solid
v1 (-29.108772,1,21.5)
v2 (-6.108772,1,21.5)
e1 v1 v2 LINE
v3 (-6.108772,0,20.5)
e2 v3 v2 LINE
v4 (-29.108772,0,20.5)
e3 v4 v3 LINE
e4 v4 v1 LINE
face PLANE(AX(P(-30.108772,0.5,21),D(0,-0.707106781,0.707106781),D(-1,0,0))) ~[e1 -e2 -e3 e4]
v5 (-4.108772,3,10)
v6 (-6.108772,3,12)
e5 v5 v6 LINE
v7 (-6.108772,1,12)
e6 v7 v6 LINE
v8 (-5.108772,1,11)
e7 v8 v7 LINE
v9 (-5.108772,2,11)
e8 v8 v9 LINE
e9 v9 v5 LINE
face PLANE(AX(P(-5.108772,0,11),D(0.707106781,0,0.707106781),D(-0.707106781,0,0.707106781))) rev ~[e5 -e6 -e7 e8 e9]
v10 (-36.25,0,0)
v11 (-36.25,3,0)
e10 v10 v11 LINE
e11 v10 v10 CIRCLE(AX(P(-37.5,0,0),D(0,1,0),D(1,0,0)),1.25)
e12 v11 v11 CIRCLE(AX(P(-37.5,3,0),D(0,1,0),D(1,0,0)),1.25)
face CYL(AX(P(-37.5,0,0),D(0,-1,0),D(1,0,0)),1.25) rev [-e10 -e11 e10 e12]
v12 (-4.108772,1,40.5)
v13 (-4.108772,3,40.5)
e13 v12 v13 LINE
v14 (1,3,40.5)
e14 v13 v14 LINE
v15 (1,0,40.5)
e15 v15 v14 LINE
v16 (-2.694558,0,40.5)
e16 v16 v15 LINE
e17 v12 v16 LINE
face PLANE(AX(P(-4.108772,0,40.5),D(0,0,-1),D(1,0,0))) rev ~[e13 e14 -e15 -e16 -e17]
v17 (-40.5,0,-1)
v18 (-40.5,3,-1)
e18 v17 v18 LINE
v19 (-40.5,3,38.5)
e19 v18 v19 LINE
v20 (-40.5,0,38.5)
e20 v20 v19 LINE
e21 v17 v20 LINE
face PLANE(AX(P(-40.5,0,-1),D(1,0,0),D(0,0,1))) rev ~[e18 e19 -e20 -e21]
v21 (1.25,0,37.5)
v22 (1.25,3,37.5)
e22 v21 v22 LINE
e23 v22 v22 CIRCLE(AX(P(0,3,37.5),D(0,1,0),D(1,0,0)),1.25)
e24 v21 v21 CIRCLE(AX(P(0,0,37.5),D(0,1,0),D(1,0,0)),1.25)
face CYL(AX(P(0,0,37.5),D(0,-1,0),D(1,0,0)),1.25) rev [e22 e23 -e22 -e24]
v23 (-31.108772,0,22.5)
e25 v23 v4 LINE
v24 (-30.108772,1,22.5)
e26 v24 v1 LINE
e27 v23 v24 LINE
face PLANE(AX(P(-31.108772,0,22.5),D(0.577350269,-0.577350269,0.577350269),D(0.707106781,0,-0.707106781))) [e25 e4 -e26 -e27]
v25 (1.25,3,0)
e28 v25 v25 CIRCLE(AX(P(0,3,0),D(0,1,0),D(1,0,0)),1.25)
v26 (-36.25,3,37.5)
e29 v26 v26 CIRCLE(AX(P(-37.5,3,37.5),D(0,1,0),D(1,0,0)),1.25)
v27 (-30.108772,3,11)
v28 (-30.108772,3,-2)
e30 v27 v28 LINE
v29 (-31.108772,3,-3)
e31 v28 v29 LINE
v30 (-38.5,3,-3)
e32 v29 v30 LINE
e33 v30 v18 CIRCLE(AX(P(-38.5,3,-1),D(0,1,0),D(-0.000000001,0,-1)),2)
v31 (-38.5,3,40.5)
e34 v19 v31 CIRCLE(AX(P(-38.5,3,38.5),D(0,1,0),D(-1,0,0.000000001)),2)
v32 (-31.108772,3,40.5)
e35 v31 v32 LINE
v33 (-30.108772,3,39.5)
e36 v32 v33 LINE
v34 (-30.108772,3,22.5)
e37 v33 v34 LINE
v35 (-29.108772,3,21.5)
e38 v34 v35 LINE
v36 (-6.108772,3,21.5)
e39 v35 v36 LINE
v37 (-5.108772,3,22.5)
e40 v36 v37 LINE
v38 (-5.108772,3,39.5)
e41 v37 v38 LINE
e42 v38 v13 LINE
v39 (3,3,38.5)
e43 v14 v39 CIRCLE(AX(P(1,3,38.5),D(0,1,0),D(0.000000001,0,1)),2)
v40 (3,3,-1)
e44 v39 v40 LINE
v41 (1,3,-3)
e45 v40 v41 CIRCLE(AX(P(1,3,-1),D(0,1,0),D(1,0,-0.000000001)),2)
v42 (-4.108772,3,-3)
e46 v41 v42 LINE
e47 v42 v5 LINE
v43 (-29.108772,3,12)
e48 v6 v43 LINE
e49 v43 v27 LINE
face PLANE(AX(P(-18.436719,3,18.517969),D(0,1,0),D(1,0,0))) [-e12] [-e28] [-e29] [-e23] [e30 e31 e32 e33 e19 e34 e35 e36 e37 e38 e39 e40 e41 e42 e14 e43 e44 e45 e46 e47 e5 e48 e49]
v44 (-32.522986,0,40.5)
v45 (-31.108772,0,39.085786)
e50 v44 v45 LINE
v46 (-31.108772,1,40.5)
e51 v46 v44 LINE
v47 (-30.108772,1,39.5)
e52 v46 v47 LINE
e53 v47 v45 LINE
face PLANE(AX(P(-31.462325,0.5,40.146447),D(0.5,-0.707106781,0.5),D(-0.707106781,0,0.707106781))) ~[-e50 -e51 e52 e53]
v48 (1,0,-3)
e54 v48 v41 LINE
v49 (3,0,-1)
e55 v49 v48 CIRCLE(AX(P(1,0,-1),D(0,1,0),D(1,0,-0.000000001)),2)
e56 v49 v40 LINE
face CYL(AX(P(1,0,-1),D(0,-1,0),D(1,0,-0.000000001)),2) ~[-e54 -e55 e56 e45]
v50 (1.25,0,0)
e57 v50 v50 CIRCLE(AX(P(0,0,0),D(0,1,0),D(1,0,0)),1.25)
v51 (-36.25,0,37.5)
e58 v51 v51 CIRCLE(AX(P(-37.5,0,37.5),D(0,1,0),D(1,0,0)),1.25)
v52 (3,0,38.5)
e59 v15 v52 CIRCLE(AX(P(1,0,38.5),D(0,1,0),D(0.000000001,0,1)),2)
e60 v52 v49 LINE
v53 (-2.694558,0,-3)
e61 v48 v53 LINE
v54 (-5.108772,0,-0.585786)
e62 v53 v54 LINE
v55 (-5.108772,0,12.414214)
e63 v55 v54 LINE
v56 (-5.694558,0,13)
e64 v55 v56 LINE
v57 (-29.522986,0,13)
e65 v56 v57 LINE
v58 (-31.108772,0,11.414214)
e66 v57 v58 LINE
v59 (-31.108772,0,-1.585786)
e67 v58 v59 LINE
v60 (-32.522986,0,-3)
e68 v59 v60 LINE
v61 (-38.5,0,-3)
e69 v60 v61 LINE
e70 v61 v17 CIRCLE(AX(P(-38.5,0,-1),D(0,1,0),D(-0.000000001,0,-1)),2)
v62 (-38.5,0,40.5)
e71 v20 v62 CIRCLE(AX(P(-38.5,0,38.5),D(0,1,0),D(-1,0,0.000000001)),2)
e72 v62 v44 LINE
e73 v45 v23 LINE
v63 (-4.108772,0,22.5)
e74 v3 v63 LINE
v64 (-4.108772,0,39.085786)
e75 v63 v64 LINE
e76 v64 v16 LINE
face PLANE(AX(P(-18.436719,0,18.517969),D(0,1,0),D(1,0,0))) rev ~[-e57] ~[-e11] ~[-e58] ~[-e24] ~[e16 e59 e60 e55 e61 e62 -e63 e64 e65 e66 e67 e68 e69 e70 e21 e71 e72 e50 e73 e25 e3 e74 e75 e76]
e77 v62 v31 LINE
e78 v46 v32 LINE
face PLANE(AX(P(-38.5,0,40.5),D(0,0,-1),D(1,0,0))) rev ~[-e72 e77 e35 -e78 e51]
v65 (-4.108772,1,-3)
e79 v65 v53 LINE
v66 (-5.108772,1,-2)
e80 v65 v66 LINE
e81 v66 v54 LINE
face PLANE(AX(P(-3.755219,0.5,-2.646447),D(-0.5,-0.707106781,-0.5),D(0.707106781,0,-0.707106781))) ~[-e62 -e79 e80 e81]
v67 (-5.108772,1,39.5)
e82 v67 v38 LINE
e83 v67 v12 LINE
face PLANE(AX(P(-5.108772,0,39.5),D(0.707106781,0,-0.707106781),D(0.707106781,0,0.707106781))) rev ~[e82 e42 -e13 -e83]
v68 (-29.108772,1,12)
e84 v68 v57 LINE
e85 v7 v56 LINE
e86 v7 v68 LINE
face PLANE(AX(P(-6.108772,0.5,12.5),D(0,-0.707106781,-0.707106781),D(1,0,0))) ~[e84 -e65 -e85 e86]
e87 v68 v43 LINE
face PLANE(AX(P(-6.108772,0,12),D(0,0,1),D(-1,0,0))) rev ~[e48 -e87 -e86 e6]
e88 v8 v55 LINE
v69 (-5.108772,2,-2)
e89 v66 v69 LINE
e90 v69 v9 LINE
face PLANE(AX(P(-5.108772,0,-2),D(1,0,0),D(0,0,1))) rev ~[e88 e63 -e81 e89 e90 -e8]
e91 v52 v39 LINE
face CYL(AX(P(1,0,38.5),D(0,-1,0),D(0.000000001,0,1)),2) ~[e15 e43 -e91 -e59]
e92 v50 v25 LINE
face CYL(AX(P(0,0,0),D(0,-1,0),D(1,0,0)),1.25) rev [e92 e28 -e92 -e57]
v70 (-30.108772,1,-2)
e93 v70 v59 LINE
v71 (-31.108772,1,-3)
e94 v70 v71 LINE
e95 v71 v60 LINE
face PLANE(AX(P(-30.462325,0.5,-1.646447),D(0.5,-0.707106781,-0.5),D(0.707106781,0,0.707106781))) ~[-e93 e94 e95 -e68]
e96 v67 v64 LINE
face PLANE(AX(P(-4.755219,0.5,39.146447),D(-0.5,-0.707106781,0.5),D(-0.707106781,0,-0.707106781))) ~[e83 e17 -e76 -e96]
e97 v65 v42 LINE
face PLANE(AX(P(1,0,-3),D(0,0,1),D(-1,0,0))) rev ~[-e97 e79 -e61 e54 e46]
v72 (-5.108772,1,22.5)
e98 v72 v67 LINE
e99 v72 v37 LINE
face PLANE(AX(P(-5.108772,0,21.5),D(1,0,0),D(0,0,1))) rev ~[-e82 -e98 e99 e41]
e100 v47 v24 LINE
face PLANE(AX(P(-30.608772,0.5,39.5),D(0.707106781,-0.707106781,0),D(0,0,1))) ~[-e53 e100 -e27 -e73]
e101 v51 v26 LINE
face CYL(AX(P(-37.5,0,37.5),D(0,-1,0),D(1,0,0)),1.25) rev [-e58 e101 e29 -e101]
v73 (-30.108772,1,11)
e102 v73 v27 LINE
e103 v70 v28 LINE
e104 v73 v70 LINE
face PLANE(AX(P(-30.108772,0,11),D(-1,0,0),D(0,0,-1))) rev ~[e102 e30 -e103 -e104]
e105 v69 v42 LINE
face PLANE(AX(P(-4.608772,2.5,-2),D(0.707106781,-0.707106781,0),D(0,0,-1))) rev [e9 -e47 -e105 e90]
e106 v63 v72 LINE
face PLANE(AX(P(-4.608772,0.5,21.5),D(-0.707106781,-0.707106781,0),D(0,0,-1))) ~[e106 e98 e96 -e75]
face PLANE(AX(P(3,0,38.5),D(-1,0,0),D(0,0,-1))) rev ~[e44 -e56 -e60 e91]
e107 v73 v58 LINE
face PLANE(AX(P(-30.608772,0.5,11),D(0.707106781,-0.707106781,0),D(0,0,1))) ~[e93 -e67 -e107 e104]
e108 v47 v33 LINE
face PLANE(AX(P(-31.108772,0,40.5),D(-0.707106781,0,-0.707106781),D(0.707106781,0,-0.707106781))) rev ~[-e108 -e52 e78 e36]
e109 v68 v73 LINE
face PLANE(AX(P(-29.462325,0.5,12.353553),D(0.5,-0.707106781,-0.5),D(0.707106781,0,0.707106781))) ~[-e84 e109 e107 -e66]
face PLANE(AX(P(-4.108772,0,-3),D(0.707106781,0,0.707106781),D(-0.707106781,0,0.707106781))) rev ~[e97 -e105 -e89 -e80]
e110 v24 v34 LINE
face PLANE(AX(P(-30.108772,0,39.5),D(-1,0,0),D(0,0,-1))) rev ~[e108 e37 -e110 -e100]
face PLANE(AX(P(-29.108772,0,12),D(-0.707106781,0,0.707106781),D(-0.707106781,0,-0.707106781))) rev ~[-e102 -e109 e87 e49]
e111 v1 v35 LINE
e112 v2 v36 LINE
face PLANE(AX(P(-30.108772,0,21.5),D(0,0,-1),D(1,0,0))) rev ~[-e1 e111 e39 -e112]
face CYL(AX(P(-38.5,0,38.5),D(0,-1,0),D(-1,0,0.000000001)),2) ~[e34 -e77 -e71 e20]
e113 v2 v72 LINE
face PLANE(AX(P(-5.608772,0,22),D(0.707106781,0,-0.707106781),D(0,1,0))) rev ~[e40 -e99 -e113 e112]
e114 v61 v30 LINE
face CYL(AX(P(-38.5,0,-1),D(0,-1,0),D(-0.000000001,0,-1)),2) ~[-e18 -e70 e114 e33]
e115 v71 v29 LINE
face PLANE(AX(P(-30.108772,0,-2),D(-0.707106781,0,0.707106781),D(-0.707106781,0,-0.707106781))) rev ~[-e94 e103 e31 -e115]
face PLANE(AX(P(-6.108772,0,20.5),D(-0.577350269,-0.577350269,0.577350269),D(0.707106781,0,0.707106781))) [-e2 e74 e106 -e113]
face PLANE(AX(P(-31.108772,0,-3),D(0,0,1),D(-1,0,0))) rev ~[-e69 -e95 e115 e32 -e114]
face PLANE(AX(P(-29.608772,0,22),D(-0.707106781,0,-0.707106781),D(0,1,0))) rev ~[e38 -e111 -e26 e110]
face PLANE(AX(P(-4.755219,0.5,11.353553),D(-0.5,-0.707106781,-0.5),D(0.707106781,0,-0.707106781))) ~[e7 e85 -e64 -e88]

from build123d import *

# Parameters (mm, degrees)
CROQUIS1_R              = 1.25
SALIENTE_EXTRUIR1_DEPTH = 3
CHAFL_N1_SIZE           = 1


with BuildPart() as part:
    # Croquis1 → Saliente-Extruir1 (new body)
    with BuildSketch(Plane(origin=(0, 0, 0), x_dir=(1, 0, 0), z_dir=(0, 1, 0))):
        with BuildLine():
            Line((-31.108771954, -40.5), (-30.108771954, -39.5))
            Line((-30.108771954, -39.5), (-30.108771954, -21.5))
            Line((-30.108771954, -21.5), (-5.108771954, -21.5))
            Line((-5.108771954, -21.5), (-5.108771954, -39.5))
            Line((-5.108771954, -39.5), (-4.108771954, -40.5))
            Line((-4.108771954, -40.5), (1, -40.5))
            ThreePointArc((1, -40.5), (2.414213562, -39.914213562), (3, -38.5))
            Line((3, -38.5), (3, 1))
            ThreePointArc((3, 1), (2.414213562, 2.414213562), (1, 3))
            Line((1, 3), (-4.108771954, 3))
            Line((-4.108771954, 3), (-5.108771954, 2))
            Line((-5.108771954, 2), (-5.108771954, -11))
            Line((-5.108771954, -11), (-6.108771954, -12))
            Line((-6.108771954, -12), (-29.108771954, -12))
            Line((-29.108771954, -12), (-30.108771954, -11))
            Line((-30.108771954, -11), (-30.108771954, 2))
            Line((-30.108771954, 2), (-31.108771954, 3))
            Line((-31.108771954, 3), (-38.5, 3))
            ThreePointArc((-38.5, 3), (-39.914213562, 2.414213562), (-40.5, 1))
            Line((-40.5, 1), (-40.5, -38.5))
            ThreePointArc((-40.5, -38.5), (-39.914213562, -39.914213562), (-38.5, -40.5))
            Line((-38.5, -40.5), (-31.108771954, -40.5))
        make_face()
        with Locations((-37.5, -37.5)):
            Circle(CROQUIS1_R, mode=Mode.SUBTRACT)
        with Locations((-37.5, 0)):
            Circle(CROQUIS1_R, mode=Mode.SUBTRACT)
        with Locations((0, -37.5)):
            Circle(CROQUIS1_R, mode=Mode.SUBTRACT)
        Circle(CROQUIS1_R, mode=Mode.SUBTRACT)
    extrude(amount=SALIENTE_EXTRUIR1_DEPTH)

    # Chaflán1
    chafl_n1_edges = [part.edges().sort_by_distance(p)[0] for p in [
        (-4.608771954, 0, 40),
        (-30.608771954, 0, 40),
        (-4.608771954, 0, -2.5),
        (-5.108771954, 3, 4.5),
        (-30.608771954, 0, -2.5),
        (-5.608771954, 0, 11.5),
        (-30.108771954, 0, 4.5),
        (-29.608771954, 0, 11.5),
        (-17.608771954, 0, 12),
        (-5.108771954, 0, 30.5),
        (-30.108771954, 0, 30.5),
        (-5.108771954, 1.5, 21.5),
        (-17.608771954, 0, 21.5),
        (-30.108771954, 1.5, 21.5),
    ]]
    chamfer(chafl_n1_edges, length=CHAFL_N1_SIZE)


solid = part.part
